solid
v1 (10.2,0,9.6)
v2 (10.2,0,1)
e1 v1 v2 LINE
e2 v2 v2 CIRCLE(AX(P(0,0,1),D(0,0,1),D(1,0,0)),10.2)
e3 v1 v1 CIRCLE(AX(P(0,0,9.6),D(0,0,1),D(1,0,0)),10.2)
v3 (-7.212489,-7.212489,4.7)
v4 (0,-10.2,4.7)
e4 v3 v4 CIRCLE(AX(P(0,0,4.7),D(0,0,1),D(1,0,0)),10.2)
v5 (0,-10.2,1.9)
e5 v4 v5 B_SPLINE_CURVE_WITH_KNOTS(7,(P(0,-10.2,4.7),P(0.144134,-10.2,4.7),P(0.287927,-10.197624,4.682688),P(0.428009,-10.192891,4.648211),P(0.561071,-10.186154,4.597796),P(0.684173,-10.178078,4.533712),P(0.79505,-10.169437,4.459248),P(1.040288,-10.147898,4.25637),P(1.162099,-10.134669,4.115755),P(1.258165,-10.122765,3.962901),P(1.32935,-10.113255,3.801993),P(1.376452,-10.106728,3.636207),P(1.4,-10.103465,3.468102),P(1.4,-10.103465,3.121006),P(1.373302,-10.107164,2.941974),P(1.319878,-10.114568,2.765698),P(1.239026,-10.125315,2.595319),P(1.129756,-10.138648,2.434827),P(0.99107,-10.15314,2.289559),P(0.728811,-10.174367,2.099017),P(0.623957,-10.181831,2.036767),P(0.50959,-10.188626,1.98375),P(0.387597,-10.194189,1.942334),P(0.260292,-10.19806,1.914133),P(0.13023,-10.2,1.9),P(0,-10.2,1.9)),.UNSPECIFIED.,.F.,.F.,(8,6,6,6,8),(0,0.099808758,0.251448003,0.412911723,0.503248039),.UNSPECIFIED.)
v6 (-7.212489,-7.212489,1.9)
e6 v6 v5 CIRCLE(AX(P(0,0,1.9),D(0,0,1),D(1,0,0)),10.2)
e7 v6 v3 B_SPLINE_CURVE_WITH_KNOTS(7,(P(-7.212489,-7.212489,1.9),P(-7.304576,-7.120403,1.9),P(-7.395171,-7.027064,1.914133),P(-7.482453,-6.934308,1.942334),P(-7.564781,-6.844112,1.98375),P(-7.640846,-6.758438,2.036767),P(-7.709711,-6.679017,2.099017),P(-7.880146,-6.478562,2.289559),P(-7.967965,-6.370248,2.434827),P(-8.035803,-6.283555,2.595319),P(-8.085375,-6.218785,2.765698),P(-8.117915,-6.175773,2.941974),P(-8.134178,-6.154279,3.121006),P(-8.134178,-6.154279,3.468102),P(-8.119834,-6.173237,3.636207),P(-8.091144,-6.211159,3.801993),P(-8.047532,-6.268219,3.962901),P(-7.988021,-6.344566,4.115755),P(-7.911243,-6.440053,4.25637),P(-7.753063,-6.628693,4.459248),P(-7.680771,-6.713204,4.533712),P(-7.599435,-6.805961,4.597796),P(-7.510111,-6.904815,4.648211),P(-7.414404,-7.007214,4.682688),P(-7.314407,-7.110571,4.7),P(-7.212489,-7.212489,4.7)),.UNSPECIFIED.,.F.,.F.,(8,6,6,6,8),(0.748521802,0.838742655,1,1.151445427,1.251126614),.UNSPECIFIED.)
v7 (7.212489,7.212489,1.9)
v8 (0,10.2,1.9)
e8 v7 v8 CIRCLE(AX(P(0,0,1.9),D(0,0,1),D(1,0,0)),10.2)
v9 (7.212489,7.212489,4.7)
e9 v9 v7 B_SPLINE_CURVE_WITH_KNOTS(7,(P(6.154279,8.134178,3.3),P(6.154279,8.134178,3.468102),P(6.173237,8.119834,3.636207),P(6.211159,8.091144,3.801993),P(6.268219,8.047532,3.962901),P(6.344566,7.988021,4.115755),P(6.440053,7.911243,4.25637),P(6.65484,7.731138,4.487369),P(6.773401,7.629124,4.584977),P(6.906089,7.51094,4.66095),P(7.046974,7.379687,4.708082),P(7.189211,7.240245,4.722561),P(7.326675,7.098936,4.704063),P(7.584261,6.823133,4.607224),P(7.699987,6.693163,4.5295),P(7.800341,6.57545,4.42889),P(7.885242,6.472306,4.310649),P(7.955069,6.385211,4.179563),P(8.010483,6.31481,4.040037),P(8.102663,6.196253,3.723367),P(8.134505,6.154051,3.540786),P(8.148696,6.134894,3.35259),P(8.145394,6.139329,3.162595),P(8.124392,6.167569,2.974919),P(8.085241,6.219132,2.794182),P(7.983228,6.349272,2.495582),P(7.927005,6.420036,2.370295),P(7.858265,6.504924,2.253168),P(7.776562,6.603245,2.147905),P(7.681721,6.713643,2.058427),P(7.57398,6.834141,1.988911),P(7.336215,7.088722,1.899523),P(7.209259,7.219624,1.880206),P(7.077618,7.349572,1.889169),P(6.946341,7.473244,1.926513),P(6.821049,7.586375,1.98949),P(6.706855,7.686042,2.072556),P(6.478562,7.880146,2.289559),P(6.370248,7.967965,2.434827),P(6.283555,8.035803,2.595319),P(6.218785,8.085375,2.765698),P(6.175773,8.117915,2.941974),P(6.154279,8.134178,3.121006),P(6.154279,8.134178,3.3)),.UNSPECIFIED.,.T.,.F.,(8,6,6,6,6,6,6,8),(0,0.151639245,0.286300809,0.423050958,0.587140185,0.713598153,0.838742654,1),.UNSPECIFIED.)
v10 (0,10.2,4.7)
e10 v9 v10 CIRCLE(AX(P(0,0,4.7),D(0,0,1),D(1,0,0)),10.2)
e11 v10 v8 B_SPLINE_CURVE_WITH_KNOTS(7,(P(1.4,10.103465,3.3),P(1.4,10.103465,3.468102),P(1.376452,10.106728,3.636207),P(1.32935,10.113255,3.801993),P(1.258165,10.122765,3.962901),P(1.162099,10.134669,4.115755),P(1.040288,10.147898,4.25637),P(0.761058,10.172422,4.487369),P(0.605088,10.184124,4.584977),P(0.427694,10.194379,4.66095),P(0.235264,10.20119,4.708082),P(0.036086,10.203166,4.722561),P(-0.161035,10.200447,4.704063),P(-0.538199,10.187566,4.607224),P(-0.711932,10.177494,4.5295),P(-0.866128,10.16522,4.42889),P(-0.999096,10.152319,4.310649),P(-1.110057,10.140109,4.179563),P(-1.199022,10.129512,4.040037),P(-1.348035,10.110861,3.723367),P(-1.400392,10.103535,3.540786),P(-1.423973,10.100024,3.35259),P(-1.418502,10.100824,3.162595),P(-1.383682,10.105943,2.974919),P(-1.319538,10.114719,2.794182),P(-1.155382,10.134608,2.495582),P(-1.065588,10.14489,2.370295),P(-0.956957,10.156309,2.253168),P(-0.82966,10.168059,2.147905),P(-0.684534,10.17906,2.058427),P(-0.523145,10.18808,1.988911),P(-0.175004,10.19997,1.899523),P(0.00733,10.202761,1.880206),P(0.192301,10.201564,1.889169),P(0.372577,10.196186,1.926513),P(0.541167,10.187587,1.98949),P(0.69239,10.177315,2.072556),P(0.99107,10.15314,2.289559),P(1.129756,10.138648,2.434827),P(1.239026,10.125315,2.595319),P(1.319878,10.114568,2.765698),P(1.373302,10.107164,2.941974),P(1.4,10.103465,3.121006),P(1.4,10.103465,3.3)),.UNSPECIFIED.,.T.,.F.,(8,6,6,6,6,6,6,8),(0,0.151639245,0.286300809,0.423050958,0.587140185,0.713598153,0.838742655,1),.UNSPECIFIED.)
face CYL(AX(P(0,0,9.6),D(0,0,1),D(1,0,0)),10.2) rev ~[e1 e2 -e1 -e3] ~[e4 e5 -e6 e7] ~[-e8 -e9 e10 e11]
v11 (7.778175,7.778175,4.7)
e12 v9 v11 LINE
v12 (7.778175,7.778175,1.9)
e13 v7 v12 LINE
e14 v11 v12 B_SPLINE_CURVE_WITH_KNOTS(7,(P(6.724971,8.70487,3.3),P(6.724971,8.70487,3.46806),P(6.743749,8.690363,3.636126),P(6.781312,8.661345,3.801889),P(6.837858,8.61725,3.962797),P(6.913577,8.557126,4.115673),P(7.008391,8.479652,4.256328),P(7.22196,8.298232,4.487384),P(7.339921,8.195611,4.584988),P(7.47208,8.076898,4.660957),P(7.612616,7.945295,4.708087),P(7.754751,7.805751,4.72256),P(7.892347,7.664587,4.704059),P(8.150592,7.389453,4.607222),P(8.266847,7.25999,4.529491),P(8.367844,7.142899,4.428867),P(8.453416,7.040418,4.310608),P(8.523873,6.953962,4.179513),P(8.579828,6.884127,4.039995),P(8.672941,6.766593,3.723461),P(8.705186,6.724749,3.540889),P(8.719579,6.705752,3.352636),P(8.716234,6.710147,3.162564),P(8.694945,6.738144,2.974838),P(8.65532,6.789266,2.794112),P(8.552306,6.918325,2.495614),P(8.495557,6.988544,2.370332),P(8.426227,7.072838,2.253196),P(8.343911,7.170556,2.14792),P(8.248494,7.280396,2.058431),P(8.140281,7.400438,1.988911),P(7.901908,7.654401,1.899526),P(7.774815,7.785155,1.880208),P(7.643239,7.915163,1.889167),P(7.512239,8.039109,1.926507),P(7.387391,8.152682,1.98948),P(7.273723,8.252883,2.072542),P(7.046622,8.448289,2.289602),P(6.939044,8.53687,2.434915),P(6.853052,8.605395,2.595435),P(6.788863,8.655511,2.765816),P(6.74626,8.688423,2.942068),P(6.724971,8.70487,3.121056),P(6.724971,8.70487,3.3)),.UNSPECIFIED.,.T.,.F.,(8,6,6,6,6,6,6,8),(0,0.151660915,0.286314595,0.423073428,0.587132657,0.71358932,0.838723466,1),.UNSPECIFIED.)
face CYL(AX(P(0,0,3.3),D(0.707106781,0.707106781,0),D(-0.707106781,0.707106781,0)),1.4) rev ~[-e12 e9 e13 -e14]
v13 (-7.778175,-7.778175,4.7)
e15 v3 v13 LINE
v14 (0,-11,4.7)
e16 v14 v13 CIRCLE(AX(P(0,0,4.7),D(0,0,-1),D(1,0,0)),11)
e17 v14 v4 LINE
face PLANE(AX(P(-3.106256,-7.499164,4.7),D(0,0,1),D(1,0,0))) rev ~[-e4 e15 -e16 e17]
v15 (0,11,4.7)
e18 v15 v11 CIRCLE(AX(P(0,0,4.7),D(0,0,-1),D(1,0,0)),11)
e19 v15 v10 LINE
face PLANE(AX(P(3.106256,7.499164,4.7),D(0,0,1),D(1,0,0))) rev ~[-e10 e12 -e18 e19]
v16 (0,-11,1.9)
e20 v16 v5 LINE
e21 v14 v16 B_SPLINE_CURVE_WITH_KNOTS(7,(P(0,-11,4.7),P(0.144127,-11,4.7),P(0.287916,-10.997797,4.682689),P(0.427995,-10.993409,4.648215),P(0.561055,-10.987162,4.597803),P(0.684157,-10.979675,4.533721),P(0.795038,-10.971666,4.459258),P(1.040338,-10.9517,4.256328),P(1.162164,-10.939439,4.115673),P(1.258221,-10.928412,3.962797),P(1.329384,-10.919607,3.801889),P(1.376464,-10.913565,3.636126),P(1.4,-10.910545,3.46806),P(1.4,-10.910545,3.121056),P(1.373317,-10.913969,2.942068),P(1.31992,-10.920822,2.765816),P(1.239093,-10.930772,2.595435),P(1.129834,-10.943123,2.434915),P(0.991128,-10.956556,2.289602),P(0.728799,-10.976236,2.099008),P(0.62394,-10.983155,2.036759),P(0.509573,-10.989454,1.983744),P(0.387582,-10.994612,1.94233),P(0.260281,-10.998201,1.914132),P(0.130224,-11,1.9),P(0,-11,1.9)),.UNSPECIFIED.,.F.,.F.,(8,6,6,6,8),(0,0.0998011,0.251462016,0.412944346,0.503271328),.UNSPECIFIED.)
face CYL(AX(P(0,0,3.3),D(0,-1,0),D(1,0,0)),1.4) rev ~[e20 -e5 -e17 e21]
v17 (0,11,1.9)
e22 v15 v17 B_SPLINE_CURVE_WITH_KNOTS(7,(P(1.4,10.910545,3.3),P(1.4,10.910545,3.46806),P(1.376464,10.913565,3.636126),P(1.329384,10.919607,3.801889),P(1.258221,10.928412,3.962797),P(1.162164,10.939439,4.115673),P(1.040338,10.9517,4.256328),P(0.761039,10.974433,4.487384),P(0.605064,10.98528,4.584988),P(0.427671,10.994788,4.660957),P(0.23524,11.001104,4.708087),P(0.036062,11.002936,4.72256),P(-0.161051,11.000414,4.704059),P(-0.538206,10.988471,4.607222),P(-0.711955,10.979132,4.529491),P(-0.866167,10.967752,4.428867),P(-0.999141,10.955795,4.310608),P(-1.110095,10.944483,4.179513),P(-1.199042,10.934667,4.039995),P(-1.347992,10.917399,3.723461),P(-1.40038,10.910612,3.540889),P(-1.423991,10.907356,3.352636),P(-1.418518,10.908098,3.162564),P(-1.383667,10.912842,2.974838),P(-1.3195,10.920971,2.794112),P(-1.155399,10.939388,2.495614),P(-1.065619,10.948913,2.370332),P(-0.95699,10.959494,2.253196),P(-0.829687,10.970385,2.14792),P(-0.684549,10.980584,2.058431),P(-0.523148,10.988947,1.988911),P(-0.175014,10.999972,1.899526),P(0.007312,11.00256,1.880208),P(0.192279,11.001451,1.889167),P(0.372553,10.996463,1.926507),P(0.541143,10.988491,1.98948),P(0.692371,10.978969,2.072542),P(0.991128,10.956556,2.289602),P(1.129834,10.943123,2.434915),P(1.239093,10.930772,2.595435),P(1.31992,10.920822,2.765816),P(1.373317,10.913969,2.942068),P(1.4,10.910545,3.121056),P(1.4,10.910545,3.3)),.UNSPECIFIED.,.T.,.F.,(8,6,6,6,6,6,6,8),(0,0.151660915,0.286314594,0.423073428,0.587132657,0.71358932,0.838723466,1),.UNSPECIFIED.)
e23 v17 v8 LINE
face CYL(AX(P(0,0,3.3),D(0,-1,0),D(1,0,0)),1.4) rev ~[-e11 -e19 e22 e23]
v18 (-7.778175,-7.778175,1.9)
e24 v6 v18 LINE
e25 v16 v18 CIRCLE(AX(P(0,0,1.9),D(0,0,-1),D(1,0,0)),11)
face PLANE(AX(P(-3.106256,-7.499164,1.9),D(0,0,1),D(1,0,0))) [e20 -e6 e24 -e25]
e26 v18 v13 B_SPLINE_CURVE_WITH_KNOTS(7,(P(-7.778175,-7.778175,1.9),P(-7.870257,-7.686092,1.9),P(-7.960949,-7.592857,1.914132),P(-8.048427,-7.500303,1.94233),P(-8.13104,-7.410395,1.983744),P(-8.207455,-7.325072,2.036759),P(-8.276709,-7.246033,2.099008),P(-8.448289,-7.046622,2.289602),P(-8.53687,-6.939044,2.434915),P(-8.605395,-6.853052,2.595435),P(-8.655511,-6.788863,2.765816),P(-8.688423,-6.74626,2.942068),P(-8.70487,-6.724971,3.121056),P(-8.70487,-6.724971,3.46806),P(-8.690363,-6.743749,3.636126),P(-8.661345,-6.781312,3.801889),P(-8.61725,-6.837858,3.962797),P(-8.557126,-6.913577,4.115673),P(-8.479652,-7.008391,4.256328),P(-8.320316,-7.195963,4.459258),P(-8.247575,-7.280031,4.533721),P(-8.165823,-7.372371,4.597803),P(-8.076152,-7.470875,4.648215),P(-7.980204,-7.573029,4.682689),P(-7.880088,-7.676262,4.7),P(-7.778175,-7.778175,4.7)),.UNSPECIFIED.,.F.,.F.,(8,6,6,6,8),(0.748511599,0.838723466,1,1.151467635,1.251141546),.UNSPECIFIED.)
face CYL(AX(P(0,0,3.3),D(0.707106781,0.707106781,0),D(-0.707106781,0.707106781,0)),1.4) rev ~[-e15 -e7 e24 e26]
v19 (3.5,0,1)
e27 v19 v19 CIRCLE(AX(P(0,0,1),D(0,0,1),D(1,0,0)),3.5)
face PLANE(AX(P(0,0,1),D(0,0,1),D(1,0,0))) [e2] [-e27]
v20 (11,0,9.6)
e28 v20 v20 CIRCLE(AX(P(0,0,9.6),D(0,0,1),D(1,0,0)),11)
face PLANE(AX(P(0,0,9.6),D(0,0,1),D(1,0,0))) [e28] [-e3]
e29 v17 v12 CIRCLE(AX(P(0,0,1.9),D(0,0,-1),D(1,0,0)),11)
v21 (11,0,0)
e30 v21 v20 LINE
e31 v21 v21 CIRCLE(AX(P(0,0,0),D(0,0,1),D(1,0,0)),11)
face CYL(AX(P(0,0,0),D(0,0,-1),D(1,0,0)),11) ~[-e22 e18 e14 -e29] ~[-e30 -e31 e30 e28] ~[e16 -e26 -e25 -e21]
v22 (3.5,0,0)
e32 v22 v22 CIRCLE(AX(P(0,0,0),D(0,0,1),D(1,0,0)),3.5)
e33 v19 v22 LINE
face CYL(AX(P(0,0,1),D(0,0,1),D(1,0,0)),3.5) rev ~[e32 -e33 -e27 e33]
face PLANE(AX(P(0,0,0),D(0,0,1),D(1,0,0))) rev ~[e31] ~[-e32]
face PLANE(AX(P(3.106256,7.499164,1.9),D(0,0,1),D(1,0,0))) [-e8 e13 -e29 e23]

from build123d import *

# Parameters (mm, degrees)
F0_R      = 11
F1_DEPTH  = 9.6
F2_R      = 10.2
F3_DEPTH  = 8.6
F4_R      = 1.4
F5_DEPTH  = 12.5
F8_R      = 1.4
F9_DEPTH  = 12.5
F12_DEPTH = 2.8
F13_R     = 3.5
F14_DEPTH = 1


with BuildPart() as f1:
    # F0 (on Top) → F1 (new body)
    with BuildSketch(Plane.XY):
        Circle(F0_R)
    extrude(amount=F1_DEPTH)

    # F2 (on face) → F3 (cut)
    with BuildSketch(Plane.XY.offset(9.6)):
        Circle(F2_R)
    extrude(amount=-F3_DEPTH, mode=Mode.SUBTRACT)

    # F4 (on Front) → F5 (cut, symmetric)
    with BuildSketch(Plane.XZ):
        with Locations((0, 3.3)):
            Circle(F4_R)
    extrude(amount=F5_DEPTH, both=True, mode=Mode.SUBTRACT)

    # F8 (on line) → F9 (cut, symmetric)
    with BuildSketch(Plane(origin=(0, 0, 0), x_dir=(-0.7071067812, 0.7071067812, 0), z_dir=(0.7071067812, 0.7071067812, 0))):
        with Locations((0, 3.3)):
            Circle(F8_R)
    extrude(amount=F9_DEPTH, both=True, mode=Mode.SUBTRACT)

    # F11 (on offset) → F12 (cut)
    with BuildSketch(Plane.XY.offset(1.9)):
        Polygon((0, 13.7625831805), (0, 0), (9.7316158935, 9.7316158935), align=None)
        Polygon((0, -13.7625831805), (0, 0), (-9.7316158935, -9.7316158935), align=None)
    extrude(amount=F12_DEPTH, mode=Mode.SUBTRACT)

    # F13 (on face) → F14 (cut, through all)
    with BuildSketch(Plane.XY.offset(1)):
        Circle(F13_R)
    extrude(amount=-F14_DEPTH, mode=Mode.SUBTRACT)


solid = f1.part
